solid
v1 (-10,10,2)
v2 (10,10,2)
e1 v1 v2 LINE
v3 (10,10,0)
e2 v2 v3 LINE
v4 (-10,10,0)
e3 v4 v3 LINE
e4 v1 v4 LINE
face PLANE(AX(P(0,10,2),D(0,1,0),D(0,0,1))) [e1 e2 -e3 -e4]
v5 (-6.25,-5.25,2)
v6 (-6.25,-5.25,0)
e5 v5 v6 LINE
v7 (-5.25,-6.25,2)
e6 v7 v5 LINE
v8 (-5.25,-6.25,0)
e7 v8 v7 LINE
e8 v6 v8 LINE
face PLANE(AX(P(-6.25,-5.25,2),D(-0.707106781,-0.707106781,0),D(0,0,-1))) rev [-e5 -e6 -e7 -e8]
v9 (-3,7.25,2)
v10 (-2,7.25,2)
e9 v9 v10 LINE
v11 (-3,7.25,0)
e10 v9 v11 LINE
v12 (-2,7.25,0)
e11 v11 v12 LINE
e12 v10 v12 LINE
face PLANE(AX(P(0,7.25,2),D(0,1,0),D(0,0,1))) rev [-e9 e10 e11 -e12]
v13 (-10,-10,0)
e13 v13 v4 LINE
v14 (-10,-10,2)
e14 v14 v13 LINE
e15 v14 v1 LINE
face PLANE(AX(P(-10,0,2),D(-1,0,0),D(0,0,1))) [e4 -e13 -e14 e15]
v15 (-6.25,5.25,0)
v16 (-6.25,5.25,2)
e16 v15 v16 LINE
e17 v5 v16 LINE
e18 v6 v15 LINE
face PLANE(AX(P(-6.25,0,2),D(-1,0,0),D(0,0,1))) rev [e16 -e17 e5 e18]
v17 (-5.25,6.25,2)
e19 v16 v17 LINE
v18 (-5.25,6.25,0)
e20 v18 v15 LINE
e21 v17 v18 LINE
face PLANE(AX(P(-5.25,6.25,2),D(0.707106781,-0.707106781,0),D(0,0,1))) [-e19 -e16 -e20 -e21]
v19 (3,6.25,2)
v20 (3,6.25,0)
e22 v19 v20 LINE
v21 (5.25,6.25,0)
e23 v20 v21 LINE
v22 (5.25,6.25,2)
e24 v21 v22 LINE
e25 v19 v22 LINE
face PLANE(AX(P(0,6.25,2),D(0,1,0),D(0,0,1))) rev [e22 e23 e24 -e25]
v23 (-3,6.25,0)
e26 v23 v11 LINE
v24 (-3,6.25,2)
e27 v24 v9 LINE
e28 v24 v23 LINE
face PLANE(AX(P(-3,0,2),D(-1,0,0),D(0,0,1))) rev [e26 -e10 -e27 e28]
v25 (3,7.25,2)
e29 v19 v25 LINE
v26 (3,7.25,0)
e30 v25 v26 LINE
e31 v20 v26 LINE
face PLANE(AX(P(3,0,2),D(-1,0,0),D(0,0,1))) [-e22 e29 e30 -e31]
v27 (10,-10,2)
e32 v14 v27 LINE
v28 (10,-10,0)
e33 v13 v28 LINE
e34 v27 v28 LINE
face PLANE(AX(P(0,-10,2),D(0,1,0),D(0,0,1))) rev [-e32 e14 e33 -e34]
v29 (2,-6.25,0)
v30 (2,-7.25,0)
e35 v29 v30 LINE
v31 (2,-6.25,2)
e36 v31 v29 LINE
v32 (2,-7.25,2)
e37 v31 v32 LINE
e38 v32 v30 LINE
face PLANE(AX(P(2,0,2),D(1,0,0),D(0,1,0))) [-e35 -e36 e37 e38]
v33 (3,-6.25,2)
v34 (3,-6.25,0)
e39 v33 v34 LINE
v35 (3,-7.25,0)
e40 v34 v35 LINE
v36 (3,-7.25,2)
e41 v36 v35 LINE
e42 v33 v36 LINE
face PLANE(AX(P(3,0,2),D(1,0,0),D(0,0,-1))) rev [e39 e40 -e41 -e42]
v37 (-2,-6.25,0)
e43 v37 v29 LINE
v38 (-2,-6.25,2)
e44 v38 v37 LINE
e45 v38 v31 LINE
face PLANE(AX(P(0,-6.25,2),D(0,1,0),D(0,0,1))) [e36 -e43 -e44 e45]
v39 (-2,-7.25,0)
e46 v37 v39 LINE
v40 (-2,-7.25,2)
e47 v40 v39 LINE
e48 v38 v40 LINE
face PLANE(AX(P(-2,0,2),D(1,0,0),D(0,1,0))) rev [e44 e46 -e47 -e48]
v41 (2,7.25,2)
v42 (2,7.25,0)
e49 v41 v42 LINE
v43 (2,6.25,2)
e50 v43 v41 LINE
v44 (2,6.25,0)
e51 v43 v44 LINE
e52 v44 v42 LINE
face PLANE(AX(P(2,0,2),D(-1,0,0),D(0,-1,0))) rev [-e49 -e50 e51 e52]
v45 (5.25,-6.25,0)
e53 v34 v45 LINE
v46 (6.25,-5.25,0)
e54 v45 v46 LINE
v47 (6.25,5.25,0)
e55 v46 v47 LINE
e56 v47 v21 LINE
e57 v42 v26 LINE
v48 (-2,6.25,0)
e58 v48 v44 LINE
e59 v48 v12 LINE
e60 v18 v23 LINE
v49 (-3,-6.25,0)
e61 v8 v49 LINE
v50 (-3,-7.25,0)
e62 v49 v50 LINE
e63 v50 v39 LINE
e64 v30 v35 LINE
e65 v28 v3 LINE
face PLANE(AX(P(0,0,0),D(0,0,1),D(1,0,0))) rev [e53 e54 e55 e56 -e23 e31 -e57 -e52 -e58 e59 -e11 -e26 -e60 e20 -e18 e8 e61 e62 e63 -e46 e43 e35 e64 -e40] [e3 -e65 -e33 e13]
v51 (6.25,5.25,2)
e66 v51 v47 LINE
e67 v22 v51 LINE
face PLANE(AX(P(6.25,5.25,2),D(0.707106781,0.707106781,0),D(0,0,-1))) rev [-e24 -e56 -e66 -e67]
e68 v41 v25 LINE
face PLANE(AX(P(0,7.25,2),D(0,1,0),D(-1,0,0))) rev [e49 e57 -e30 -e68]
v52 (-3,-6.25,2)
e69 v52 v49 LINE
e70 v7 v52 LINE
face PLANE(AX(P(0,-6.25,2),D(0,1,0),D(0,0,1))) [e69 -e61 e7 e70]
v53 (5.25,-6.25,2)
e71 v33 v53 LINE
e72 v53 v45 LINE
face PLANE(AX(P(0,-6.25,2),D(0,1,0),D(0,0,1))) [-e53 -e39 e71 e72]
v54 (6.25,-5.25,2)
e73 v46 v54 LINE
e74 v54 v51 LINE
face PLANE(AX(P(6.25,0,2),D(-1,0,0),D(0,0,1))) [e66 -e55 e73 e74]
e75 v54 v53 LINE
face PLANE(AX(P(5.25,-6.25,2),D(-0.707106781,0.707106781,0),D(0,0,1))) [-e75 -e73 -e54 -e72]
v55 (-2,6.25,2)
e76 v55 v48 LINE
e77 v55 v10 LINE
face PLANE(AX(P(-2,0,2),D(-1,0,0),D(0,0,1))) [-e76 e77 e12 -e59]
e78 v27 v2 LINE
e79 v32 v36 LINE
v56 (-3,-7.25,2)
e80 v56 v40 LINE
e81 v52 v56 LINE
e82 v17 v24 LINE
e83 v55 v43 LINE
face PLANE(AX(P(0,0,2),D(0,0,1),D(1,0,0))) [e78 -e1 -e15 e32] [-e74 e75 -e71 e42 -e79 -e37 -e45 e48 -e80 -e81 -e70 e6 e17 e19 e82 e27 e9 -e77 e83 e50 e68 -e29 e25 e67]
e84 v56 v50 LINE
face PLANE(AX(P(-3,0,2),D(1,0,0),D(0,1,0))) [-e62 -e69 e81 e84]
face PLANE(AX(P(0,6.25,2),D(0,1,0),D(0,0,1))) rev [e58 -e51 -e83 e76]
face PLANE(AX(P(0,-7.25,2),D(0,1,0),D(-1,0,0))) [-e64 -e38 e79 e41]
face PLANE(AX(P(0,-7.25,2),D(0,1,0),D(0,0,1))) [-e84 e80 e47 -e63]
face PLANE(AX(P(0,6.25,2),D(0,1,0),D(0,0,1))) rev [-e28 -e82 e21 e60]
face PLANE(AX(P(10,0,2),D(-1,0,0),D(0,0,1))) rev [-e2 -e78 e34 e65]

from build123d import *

# Parameters (mm, degrees)
SKETCH_2_W      = 20
SKETCH_2_H      = 20
EXTRUDE_1_DEPTH = 2
CHAMFER_1_SIZE  = 1


with BuildPart() as part:
    # 스케치2 → 보스-돌출1 (new body)
    with BuildSketch(Plane.XY):
        Rectangle(SKETCH_2_W, SKETCH_2_H)
        Polygon((-3, -6.25), (-6.25, -6.25), (-6.25, 6.25), (-3, 6.25), (-3, 7.25), (-2, 7.25), (-2, 6.25), (2, 6.25), (2, 7.25), (3, 7.25), (3, 6.25), (6.25, 6.25), (6.25, -6.25), (3, -6.25), (3, -7.25), (2, -7.25), (2, -6.25), (-2, -6.25), (-2, -7.25), (-3, -7.25), align=None, mode=Mode.SUBTRACT)
    extrude(amount=EXTRUDE_1_DEPTH)

    # 모따기1
    chamfer_1_edges = [part.edges().sort_by_distance(p)[0] for p in [
        (6.25, -6.25, 1),
        (6.25, 6.25, 1),
        (-6.25, 6.25, 1),
        (-6.25, -6.25, 1),
    ]]
    chamfer(chamfer_1_edges, length=CHAMFER_1_SIZE)


solid = part.part
